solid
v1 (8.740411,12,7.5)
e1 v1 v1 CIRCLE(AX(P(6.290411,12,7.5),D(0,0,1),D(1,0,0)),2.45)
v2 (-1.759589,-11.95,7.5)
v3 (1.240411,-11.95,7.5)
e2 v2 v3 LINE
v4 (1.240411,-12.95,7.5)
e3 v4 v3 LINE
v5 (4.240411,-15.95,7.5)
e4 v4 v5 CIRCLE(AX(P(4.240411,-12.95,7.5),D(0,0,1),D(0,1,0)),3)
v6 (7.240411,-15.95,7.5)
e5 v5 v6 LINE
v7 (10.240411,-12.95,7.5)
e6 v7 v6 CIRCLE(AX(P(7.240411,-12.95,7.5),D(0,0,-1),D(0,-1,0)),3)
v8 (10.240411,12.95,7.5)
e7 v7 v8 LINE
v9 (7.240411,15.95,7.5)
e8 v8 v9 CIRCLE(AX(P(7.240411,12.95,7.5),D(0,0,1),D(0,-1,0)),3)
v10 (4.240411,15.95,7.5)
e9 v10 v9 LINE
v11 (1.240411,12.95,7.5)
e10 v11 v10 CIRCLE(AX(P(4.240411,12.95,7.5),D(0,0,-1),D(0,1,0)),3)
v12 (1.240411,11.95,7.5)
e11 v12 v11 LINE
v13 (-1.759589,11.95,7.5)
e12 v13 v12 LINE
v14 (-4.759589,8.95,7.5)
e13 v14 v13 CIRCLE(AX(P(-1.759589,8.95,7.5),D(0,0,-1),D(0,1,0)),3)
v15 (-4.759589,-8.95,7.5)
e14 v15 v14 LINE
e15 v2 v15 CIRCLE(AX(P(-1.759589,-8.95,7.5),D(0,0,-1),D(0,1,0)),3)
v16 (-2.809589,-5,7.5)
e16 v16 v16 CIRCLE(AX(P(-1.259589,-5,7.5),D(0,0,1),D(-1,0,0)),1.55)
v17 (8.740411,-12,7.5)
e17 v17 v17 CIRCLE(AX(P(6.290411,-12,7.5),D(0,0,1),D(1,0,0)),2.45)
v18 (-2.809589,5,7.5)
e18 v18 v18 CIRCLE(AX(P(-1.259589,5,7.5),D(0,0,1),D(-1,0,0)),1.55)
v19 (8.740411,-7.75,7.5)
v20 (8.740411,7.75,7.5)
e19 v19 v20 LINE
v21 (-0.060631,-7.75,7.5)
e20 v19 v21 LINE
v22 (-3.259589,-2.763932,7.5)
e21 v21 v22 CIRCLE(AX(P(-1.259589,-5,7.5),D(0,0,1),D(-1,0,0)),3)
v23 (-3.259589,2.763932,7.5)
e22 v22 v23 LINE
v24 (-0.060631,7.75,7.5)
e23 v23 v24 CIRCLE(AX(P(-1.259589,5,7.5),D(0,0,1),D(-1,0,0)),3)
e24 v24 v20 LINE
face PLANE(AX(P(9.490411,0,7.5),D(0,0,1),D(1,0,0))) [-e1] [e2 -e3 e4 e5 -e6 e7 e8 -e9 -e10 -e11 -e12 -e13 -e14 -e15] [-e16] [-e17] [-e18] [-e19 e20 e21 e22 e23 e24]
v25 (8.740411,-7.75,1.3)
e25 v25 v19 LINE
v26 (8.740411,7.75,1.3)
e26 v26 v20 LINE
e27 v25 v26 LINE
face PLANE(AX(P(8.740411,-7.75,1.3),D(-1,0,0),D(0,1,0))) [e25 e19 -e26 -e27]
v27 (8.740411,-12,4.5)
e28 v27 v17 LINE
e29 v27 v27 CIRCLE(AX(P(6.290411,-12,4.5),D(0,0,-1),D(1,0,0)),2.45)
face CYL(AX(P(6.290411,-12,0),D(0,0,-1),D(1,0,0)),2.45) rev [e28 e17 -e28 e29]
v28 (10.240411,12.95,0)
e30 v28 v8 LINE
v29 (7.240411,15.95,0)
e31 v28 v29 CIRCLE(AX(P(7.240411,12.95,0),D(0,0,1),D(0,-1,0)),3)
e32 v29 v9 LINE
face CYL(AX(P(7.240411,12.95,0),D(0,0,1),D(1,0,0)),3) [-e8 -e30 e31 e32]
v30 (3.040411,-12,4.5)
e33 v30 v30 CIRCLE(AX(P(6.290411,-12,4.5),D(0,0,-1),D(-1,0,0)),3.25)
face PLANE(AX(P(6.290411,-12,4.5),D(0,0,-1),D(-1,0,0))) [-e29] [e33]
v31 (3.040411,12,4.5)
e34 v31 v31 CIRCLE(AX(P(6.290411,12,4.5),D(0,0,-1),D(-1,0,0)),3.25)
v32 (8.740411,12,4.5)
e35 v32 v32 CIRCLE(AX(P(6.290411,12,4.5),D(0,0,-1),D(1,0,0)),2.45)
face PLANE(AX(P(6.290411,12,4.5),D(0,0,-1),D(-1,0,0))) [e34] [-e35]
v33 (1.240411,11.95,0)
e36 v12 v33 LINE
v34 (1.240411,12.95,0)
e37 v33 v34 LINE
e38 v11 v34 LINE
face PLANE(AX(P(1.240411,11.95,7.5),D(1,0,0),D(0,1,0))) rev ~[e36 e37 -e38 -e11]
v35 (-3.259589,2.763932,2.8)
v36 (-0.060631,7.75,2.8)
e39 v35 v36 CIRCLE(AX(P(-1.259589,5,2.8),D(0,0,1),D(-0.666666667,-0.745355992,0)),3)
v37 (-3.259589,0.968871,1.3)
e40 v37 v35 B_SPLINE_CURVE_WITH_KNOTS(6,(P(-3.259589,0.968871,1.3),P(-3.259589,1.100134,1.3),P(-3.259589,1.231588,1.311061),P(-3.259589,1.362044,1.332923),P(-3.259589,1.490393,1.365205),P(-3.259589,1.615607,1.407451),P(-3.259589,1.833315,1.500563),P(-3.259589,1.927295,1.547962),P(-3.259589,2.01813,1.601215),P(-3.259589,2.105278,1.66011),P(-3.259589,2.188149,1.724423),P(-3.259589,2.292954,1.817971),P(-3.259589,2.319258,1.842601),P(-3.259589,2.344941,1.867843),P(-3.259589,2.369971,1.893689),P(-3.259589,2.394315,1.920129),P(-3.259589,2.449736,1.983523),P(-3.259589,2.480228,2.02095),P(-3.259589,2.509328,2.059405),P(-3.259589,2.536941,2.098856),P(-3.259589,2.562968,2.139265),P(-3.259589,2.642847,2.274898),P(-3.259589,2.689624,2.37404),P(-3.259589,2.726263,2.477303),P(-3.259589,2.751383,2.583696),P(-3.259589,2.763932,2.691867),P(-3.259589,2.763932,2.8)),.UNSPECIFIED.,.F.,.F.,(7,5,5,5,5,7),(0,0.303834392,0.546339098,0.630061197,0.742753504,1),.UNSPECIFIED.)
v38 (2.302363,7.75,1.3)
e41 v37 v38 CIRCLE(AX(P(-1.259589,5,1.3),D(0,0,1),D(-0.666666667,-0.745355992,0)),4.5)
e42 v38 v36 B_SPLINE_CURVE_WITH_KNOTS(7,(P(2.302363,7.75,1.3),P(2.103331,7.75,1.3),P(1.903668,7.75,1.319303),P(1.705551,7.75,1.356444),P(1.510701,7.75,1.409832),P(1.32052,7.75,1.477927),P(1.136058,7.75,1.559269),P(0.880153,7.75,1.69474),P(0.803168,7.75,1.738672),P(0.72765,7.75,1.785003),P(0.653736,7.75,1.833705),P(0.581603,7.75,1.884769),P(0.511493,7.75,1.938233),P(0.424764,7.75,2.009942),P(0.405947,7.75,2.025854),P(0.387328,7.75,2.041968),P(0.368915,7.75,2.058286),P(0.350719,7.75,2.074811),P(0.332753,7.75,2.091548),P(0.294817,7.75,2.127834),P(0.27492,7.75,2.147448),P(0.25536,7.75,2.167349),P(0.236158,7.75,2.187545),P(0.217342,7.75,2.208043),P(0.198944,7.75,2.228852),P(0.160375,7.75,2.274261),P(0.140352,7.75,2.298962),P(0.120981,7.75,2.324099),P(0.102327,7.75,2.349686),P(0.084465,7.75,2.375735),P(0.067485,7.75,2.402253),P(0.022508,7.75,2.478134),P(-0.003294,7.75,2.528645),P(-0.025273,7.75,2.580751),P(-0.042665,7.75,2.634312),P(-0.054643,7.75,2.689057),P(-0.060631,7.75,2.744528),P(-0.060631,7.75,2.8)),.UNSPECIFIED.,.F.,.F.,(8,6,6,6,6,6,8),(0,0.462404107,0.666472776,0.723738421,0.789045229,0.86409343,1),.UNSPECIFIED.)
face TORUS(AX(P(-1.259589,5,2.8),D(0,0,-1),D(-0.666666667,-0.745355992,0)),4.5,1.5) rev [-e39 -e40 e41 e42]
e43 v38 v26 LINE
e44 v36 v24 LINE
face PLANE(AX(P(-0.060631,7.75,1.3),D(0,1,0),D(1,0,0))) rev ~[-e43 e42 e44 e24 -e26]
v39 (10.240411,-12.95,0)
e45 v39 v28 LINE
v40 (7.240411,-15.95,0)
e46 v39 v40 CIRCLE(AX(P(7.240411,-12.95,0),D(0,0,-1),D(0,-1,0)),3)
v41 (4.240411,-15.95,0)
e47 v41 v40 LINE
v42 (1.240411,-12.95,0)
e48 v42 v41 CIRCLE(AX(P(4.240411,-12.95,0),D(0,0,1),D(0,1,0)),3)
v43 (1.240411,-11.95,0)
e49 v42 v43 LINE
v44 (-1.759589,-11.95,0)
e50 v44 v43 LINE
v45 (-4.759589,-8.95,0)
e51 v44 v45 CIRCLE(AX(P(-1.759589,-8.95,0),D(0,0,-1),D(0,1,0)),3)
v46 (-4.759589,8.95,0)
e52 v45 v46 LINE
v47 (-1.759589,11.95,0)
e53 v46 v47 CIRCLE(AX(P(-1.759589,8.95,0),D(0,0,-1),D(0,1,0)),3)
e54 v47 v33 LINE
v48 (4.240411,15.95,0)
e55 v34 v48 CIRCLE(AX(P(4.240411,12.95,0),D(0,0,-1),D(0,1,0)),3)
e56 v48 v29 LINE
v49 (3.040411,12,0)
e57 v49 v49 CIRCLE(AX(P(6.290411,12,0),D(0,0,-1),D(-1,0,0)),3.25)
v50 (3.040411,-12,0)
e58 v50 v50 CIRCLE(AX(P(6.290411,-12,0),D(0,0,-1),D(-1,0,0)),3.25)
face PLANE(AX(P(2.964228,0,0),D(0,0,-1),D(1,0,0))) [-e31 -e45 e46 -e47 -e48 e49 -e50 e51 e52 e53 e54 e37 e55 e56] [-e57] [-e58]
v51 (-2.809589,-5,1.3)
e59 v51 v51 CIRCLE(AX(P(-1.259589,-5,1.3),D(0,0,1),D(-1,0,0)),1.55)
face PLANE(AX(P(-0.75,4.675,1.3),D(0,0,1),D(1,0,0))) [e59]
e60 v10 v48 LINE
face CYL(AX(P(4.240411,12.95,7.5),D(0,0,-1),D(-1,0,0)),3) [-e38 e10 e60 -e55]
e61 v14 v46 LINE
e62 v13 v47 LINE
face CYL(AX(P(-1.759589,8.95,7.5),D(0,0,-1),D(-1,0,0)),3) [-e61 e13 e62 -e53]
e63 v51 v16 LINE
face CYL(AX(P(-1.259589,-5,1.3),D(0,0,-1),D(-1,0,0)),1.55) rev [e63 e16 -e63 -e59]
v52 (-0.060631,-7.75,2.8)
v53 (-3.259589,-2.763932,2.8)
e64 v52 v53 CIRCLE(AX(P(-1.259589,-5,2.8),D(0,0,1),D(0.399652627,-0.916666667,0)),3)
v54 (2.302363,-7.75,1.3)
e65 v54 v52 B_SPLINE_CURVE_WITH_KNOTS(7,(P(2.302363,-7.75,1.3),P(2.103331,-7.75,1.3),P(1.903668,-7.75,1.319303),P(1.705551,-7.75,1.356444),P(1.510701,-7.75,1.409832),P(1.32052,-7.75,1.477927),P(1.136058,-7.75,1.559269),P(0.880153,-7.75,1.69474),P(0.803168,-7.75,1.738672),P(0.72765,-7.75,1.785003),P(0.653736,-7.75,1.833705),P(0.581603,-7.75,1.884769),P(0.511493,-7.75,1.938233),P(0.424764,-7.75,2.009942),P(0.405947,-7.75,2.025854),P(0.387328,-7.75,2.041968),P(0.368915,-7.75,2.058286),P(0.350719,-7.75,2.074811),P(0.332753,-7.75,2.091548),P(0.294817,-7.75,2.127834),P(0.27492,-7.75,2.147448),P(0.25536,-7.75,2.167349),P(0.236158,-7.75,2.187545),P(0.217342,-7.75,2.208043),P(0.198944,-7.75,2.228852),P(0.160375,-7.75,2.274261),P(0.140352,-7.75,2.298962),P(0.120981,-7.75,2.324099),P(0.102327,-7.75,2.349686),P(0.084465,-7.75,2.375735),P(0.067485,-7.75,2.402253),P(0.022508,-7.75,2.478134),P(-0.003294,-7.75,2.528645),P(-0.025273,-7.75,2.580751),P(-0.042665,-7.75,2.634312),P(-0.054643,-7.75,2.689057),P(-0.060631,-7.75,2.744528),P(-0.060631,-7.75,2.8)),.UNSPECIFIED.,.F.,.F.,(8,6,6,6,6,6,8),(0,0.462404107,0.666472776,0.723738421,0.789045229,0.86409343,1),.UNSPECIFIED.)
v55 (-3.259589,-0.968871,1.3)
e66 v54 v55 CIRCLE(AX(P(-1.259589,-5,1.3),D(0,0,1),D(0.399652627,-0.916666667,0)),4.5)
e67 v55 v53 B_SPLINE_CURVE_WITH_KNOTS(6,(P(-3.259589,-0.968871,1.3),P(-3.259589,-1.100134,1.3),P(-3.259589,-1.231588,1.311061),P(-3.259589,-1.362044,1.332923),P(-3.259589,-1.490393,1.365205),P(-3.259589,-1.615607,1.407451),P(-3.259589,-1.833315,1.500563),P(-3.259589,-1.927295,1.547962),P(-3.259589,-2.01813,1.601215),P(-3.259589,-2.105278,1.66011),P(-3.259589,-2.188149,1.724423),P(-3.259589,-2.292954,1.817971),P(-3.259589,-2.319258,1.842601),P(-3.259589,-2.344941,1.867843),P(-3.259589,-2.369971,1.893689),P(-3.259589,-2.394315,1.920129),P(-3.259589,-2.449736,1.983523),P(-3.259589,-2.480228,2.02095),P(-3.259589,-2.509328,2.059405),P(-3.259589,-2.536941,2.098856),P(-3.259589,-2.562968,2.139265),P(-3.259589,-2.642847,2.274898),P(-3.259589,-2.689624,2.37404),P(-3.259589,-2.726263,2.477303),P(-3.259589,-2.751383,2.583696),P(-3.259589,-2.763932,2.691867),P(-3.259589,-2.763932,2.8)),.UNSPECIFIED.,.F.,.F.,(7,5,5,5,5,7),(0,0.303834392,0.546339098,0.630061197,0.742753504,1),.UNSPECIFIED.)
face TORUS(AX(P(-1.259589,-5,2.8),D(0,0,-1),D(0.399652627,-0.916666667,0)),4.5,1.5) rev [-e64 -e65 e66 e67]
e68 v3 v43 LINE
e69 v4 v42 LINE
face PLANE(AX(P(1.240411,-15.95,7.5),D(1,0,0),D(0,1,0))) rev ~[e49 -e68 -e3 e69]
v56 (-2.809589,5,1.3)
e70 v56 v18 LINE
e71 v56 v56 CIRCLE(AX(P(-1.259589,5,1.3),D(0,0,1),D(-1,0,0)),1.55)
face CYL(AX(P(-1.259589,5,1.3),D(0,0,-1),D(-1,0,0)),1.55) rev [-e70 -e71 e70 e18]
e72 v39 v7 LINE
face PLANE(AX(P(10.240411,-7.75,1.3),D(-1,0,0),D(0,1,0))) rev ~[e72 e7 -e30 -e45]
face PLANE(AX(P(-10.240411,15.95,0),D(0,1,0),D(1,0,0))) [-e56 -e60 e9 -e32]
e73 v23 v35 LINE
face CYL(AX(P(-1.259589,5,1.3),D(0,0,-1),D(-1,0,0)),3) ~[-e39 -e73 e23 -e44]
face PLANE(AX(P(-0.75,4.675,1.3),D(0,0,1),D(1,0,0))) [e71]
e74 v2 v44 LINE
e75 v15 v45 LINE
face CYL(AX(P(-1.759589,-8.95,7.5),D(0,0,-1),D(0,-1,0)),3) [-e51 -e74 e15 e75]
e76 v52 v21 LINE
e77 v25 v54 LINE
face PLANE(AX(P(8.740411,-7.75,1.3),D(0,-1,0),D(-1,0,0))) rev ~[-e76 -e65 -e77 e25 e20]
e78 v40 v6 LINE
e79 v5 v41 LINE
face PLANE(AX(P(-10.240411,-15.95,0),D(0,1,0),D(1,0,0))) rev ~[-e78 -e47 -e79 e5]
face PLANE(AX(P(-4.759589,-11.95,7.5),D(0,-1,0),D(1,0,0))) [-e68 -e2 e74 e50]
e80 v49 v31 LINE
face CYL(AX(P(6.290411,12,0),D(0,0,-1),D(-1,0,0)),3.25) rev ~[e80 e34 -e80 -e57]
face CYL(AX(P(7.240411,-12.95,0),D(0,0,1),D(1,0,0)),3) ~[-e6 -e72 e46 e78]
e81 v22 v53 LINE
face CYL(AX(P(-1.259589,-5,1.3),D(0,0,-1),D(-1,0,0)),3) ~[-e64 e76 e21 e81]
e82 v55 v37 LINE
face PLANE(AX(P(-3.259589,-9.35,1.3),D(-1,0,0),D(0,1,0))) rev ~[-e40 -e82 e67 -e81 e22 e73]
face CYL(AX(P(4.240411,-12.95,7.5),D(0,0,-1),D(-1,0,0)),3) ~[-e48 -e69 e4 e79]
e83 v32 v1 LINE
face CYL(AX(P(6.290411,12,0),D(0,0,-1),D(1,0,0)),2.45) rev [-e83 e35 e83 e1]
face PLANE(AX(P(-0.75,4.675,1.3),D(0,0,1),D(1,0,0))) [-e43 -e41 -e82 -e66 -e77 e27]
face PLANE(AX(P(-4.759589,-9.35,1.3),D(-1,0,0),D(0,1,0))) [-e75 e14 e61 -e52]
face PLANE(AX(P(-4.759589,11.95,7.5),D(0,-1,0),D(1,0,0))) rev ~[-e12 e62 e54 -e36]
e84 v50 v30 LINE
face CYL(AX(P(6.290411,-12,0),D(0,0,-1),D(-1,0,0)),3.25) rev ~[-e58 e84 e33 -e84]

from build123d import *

# Parameters (mm, degrees)
SKETCH1_W                       = 20.480821918
SKETCH1_H                       = 31.9
SKETCH1_R                       = 2.45
BOSS_EXTRUDE1_DEPTH             = 7.5
SKETCH2_W                       = 18.980821918
SKETCH2_H                       = 9.35
CUT_EXTRUDE1_DEPTH              = 6.2
CUT_EXTRUDE2_REACH              = 22.384
SKETCH5_W                       = 5.480821918
SKETCH5_H                       = 31.9
SKETCH3_R                       = 3
SKETCH3_R_2                     = 1.55
BOSS_EXTRUDE4_DEPTH             = 6.2
SKETCH6_W                       = 1.5
SKETCH6_H                       = 15.5
CUT_EXTRUDE3_DEPTH              = 6.2
SKETCH7_W                       = 1.5
SKETCH7_H                       = 18.7
BOSS_EXTRUDE5_DEPTH             = 6.2
FILLET1_R                       = 3
SKETCH8_W                       = 6
SKETCH8_H                       = 4
CUT_EXTRUDE4_DEPTH              = 7.5
FILLET2_R                       = 3
BOSS_EXTRUDE6_REACH             = 21.943
BOSS_EXTRUDE6_DIRECTION_2_REACH = 21.943
SKETCH10_R                      = 3.25
CUT_EXTRUDE6_DEPTH              = 4.5
FILLET3_R                       = 1.5
SKETCH12_W                      = 1.5
SKETCH12_H                      = 15.5
BOSS_EXTRUDE7_DEPTH             = 6.2


with BuildPart() as part:
    # Sketch1 → Boss-Extrude1 (new body)
    with BuildSketch(Plane.XY):
        Rectangle(SKETCH1_W, SKETCH1_H)
        with Locations((6.290410959, 12)):
            Circle(SKETCH1_R, mode=Mode.SUBTRACT)
        with Locations((6.290410959, -12)):
            Circle(SKETCH1_R, mode=Mode.SUBTRACT)
    extrude(amount=BOSS_EXTRUDE1_DEPTH)

    # Sketch2 → Cut-Extrude1 (cut)
    with BuildSketch(Plane.XY.offset(7.5)):
        with Locations((-0.75, 4.675)):
            Rectangle(SKETCH2_W, SKETCH2_H)
        with Locations((-0.75, -4.675)):
            Rectangle(SKETCH2_W, SKETCH2_H)
    extrude(amount=-CUT_EXTRUDE1_DEPTH, mode=Mode.SUBTRACT)

    # Cut-Extrude2: up to this face of the body (flat: up to its plane)
    cut_extrude2_end = Plane(part.part.faces().sort_by_distance((-0.385368256, 0, 0))[0])
    # Sketch5 → Cut-Extrude2 (cut, up to the picked face)
    with BuildSketch(Plane.XY.offset(7.5), mode=Mode.PRIVATE) as cut_extrude2_sk1:
        with Locations((-7.5, 0)):
            Rectangle(SKETCH5_W, SKETCH5_H)
    cut_extrude2_tool1 = split(extrude(cut_extrude2_sk1.sketch, amount=-CUT_EXTRUDE2_REACH, mode=Mode.PRIVATE), bisect_by=cut_extrude2_end, keep=Keep.BOTH, mode=Mode.PRIVATE)
    add(cut_extrude2_tool1.solids().sort_by(Axis((-7.5, 0, 7.5), (0, 0, -1)))[0], mode=Mode.SUBTRACT)

    # Sketch3 → Boss-Extrude4 (add)
    # profile 1 of 2: a face of its own
    with BuildSketch(Plane.XY.offset(1.3)):
        with Locations(Location((-1.259589041, 5, 0), (0, 0, 180))):
            Circle(SKETCH3_R)
        with Locations(Location((-1.259589041, 5, 0), (0, 0, 180))):
            Circle(SKETCH3_R_2, mode=Mode.SUBTRACT)
    # profile 2 of 2: a face of its own
    with BuildSketch(Plane.XY.offset(1.3)):
        with Locations(Location((-1.259589041, -5, 0), (0, 0, 180))):
            Circle(SKETCH3_R)
        with Locations(Location((-1.259589041, -5, 0), (0, 0, 180))):
            Circle(SKETCH3_R_2, mode=Mode.SUBTRACT)
    extrude(amount=BOSS_EXTRUDE4_DEPTH)

    # Sketch6 → Cut-Extrude3 (cut)
    with BuildSketch(Plane.XY.offset(7.5)):
        with Locations((9.490410959, 0)):
            Rectangle(SKETCH6_W, SKETCH6_H)
    extrude(amount=-CUT_EXTRUDE3_DEPTH, mode=Mode.SUBTRACT)

    # Sketch7 → Boss-Extrude5 (add)
    with BuildSketch(Plane.XY.offset(1.3)):
        with Locations((-4.009589041, 0)):
            Rectangle(SKETCH7_W, SKETCH7_H)
    extrude(amount=BOSS_EXTRUDE5_DEPTH)

    # Fillet1
    fillet1_edges = [part.edges().sort_by_distance(p)[0] for p in [
        (10.240410959, 15.95, 3.75),
        (10.240410959, -15.95, 3.75),
    ]]
    fillet(fillet1_edges, radius=FILLET1_R)

    # Sketch8 → Cut-Extrude4 (cut)
    with BuildSketch(Plane.XY.offset(7.5)):
        with Locations((-1.759589041, 13.95)):
            Rectangle(SKETCH8_W, SKETCH8_H)
        with Locations((-1.759589041, -13.95)):
            Rectangle(SKETCH8_W, SKETCH8_H)
    extrude(amount=-CUT_EXTRUDE4_DEPTH, mode=Mode.SUBTRACT)

    # Fillet2
    fillet2_edges = [part.edges().sort_by_distance(p)[0] for p in [
        (1.240410959, 15.95, 3.75),
        (-4.759589041, 11.95, 3.75),
        (1.240410959, -15.95, 3.75),
        (-4.759589041, -11.95, 3.75),
    ]]
    fillet(fillet2_edges, radius=FILLET2_R)

    # Boss-Extrude6: up to this face of the body (flat: up to its plane)
    boss_extrude6_end = Plane(part.part.faces().sort_by_distance((5.740410959, -15.597493262, 7.5))[0])
    # Sketch11 → Boss-Extrude6 (add, up to the picked face)
    with BuildSketch(Plane.XY.offset(1.3), mode=Mode.PRIVATE) as boss_extrude6_sk1:
        with BuildLine():
            Line((-3.259589041, 9.35), (-3.259589041, 7.236067977))
            ThreePointArc((-3.259589041, 7.236067977), (-1.735455251, 7.962018121), (-0.06063116, 7.75))
            Line((-0.06063116, 7.75), (8.740410959, 7.75))
            Line((8.740410959, 7.75), (8.740410959, 9.35))
            Line((8.740410959, 9.35), (-3.259589041, 9.35))
        make_face()
    boss_extrude6_tool1 = split(extrude(boss_extrude6_sk1.sketch, amount=BOSS_EXTRUDE6_REACH, mode=Mode.PRIVATE), bisect_by=boss_extrude6_end, keep=Keep.BOTH, mode=Mode.PRIVATE)
    # Sketch11 → Boss-Extrude6 (add, up to the picked face)
    with BuildSketch(Plane.XY.offset(1.3), mode=Mode.PRIVATE) as boss_extrude6_sk2:
        with BuildLine():
            Line((-3.259589041, -7.236067977), (-3.259589041, -9.35))
            Line((-3.259589041, -9.35), (8.740410959, -9.35))
            Line((8.740410959, -9.35), (8.740410959, -7.75))
            Line((8.740410959, -7.75), (-0.06063116, -7.75))
            ThreePointArc((-0.06063116, -7.75), (-1.735455251, -7.962018121), (-3.259589041, -7.236067977))
        make_face()
    boss_extrude6_tool2 = split(extrude(boss_extrude6_sk2.sketch, amount=BOSS_EXTRUDE6_REACH, mode=Mode.PRIVATE), bisect_by=boss_extrude6_end, keep=Keep.BOTH, mode=Mode.PRIVATE)
    add(boss_extrude6_tool1.solids().sort_by(Axis((2.770321, 8.555653, 1.3), (0, 0, 1)))[0])
    add(boss_extrude6_tool2.solids().sort_by(Axis((2.770321, -8.555653, 1.3), (0, 0, 1)))[0])

    # Boss-Extrude6 direction 2: up to this face of the body (flat: up to its plane)
    boss_extrude6_direction_2_end = Plane(part.part.faces().sort_by_distance((2.964227546, 0, 0))[0])
    # Sketch11 → Boss-Extrude6 direction 2 (add, up to the picked face)
    with BuildSketch(Plane.XY.offset(1.3), mode=Mode.PRIVATE) as boss_extrude6_direction_2_sk1:
        with BuildLine():
            Line((-3.259589041, 9.35), (-3.259589041, 7.236067977))
            ThreePointArc((-3.259589041, 7.236067977), (-1.735455251, 7.962018121), (-0.06063116, 7.75))
            Line((-0.06063116, 7.75), (8.740410959, 7.75))
            Line((8.740410959, 7.75), (8.740410959, 9.35))
            Line((8.740410959, 9.35), (-3.259589041, 9.35))
        make_face()
    boss_extrude6_direction_2_tool1 = split(extrude(boss_extrude6_direction_2_sk1.sketch, amount=-BOSS_EXTRUDE6_DIRECTION_2_REACH, mode=Mode.PRIVATE), bisect_by=boss_extrude6_direction_2_end, keep=Keep.BOTH, mode=Mode.PRIVATE)
    # Sketch11 → Boss-Extrude6 direction 2 (add, up to the picked face)
    with BuildSketch(Plane.XY.offset(1.3), mode=Mode.PRIVATE) as boss_extrude6_direction_2_sk2:
        with BuildLine():
            Line((-3.259589041, -7.236067977), (-3.259589041, -9.35))
            Line((-3.259589041, -9.35), (8.740410959, -9.35))
            Line((8.740410959, -9.35), (8.740410959, -7.75))
            Line((8.740410959, -7.75), (-0.06063116, -7.75))
            ThreePointArc((-0.06063116, -7.75), (-1.735455251, -7.962018121), (-3.259589041, -7.236067977))
        make_face()
    boss_extrude6_direction_2_tool2 = split(extrude(boss_extrude6_direction_2_sk2.sketch, amount=-BOSS_EXTRUDE6_DIRECTION_2_REACH, mode=Mode.PRIVATE), bisect_by=boss_extrude6_direction_2_end, keep=Keep.BOTH, mode=Mode.PRIVATE)
    add(boss_extrude6_direction_2_tool1.solids().sort_by(Axis((2.770321, 8.555653, 1.3), (0, 0, -1)))[0])
    add(boss_extrude6_direction_2_tool2.solids().sort_by(Axis((2.770321, -8.555653, 1.3), (0, 0, -1)))[0])

    # Sketch10 → Cut-Extrude6 (cut)
    with BuildSketch(Plane(origin=(0, 0, 0), x_dir=(-1, 0, 0), z_dir=(0, 0, -1))):
        with Locations((-6.290410959, 12)):
            Circle(SKETCH10_R)
        with Locations((-6.290410959, -12)):
            Circle(SKETCH10_R)
    extrude(amount=-CUT_EXTRUDE6_DEPTH, mode=Mode.SUBTRACT)

    # Fillet3
    fillet3_edges = [part.edges().sort_by_distance(p)[0] for p in [
        (1.265413056, 3.380010984, 1.3),
        (1.265413056, -3.380010984, 1.3),
    ]]
    fillet(fillet3_edges, radius=FILLET3_R)

    # Sketch12 → Boss-Extrude7 (add)
    with BuildSketch(Plane.XY.offset(1.3)):
        with Locations((9.490410959, 0)):
            Rectangle(SKETCH12_W, SKETCH12_H)
    extrude(amount=BOSS_EXTRUDE7_DEPTH)


solid = part.part
